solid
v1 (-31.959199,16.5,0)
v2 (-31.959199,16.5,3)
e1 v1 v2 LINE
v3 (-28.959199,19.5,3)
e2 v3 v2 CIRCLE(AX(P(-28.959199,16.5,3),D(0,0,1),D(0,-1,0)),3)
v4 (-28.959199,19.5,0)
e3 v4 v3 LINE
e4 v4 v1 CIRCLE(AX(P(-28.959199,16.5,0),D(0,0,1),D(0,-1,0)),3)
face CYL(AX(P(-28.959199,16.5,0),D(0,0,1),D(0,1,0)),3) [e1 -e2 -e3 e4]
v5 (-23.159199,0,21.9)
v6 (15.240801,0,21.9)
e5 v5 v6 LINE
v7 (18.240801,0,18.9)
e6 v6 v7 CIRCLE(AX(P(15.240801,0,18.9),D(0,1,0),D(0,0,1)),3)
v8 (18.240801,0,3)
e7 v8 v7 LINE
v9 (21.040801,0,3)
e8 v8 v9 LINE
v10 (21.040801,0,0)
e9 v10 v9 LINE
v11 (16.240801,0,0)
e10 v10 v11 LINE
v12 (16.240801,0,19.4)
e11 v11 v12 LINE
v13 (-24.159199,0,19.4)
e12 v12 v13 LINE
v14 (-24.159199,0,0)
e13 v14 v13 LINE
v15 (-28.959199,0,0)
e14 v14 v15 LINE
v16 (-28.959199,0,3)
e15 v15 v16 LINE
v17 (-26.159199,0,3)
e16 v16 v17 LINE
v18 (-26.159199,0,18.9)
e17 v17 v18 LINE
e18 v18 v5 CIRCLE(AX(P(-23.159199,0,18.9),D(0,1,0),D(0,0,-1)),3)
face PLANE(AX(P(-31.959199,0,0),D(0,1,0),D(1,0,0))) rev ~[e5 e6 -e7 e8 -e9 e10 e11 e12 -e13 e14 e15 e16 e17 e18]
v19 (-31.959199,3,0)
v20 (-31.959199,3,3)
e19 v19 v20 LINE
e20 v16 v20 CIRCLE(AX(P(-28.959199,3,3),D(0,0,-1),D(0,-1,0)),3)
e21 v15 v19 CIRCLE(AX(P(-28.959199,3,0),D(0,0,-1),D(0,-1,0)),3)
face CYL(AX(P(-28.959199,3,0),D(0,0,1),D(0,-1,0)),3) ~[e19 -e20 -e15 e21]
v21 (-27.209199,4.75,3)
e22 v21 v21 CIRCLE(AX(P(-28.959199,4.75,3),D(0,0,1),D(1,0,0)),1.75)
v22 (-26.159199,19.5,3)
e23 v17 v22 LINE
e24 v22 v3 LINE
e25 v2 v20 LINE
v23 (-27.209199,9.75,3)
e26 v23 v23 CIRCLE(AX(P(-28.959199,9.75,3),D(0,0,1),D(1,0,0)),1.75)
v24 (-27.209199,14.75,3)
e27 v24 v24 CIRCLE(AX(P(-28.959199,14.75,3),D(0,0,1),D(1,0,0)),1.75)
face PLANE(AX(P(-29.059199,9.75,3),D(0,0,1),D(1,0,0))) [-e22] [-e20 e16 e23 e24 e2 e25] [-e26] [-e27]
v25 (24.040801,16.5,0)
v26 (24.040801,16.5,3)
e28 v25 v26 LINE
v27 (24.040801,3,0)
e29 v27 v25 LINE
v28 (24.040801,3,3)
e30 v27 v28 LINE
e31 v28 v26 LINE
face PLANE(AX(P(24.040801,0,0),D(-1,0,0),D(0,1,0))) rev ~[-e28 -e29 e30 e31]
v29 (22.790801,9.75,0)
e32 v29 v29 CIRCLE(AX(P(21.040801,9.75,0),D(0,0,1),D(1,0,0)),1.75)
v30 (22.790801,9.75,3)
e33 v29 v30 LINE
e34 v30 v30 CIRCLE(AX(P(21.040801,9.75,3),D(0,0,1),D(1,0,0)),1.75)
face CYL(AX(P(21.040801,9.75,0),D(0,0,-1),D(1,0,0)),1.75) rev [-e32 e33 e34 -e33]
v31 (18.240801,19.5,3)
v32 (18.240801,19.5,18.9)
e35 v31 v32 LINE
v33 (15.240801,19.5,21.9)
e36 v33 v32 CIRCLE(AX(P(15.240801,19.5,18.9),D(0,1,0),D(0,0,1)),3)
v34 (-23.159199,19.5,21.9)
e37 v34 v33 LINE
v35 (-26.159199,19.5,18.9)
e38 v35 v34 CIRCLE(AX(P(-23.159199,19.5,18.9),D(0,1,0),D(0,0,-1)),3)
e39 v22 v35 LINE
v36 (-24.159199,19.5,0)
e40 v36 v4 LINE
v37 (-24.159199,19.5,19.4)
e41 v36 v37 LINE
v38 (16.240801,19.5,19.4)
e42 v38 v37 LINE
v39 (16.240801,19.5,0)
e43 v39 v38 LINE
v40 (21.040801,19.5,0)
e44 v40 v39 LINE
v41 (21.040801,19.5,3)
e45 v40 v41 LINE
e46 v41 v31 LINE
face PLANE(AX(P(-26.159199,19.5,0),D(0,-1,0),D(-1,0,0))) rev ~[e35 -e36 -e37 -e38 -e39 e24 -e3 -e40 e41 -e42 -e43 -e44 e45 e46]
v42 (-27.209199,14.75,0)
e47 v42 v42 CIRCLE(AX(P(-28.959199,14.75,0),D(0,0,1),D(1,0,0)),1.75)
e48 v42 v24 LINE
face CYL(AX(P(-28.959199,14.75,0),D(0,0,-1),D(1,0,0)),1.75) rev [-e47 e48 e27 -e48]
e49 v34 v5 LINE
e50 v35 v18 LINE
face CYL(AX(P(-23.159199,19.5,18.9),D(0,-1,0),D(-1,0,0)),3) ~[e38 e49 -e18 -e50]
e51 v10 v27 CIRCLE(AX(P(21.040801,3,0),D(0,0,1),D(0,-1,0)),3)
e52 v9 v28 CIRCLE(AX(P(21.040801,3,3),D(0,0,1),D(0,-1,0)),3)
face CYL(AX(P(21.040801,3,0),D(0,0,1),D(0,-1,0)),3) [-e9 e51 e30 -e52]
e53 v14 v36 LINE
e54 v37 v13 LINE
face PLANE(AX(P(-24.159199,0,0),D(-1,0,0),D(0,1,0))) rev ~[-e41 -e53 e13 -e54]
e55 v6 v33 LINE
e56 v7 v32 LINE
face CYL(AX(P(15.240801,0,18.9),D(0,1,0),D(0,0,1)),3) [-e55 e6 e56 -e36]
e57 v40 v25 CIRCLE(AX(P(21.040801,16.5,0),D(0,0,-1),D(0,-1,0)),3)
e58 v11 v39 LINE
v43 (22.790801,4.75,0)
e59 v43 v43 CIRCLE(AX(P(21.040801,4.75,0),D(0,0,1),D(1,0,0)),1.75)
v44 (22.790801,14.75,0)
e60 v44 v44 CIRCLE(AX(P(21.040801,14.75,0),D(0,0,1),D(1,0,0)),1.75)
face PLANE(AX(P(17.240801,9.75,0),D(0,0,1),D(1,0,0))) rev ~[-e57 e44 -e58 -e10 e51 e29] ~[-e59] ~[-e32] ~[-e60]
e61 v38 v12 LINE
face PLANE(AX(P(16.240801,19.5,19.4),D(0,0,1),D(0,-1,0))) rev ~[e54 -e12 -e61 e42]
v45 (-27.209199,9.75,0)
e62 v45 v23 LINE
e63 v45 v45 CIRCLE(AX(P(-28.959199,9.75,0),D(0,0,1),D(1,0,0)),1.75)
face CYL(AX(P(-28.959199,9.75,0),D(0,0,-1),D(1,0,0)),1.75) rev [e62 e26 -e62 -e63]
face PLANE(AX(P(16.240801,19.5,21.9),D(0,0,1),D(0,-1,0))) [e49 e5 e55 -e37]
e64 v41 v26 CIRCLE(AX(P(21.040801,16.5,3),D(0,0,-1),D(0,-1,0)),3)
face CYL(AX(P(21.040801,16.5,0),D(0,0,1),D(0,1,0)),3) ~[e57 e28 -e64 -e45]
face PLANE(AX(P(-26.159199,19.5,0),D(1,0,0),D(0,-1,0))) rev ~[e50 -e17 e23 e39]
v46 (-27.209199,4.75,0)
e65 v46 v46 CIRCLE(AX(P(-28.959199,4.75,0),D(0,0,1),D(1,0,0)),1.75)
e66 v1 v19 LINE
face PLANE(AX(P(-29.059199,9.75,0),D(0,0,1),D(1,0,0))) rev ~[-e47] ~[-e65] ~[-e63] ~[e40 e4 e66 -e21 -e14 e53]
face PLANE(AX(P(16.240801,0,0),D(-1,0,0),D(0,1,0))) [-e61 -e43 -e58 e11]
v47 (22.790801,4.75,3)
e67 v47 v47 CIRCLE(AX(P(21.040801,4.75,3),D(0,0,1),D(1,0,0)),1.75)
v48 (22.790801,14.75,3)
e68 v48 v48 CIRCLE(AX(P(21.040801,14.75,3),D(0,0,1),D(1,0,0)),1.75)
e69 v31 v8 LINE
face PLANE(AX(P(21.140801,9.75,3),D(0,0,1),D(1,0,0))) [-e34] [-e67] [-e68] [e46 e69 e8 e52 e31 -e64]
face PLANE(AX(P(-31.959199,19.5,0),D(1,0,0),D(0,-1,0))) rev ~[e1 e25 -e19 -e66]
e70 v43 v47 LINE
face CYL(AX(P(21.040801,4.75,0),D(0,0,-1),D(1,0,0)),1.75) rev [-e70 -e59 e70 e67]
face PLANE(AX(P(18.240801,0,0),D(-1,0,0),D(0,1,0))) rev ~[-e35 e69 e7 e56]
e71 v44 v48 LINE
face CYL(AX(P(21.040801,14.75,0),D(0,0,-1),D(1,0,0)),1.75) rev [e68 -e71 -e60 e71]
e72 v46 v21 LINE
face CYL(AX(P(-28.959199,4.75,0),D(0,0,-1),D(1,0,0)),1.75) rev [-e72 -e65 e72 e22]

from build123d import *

# Parameters (mm, degrees)
F0_W     = 2
F0_H     = 19.5
F1_DEPTH = 21.9
F2_W     = 19.5
F2_H     = 2.5
F3_DEPTH = 40.4
F0_R     = 1.75
F4_DEPTH = 3
F5_R     = 3


with BuildPart() as f1:
    # F0 (on Top) → F1 (new body)
    with BuildSketch(Plane.XY):
        Polygon((-24.159199, 0), (-24.159199, 19.5), (-26.159199, 19.5), (-26.159199, 9.75), (-26.159199, 0), align=None)
        with Locations((17.240801, 9.75)):
            Rectangle(F0_W, F0_H)
    extrude(amount=F1_DEPTH)

    # F2 (on face) → F3 (join, through all)
    with BuildSketch(Plane(origin=(16.240801, 0, 0), x_dir=(0, -1, 0), z_dir=(-1, 0, 0))):
        with Locations((-9.75, 20.65)):
            Rectangle(F2_W, F2_H)
    extrude(amount=F3_DEPTH)

    # F0 (on Top) → F4 (join)
    with BuildSketch(Plane.XY):
        Polygon((-26.159199, 9.75), (-26.159199, 19.5), (-28.959199, 19.5), (-31.959199, 19.5), (-31.959199, 0), (-28.959199, 0), (-26.159199, 0), align=None)
        with Locations((-28.959199, 4.75)):
            Circle(F0_R, mode=Mode.SUBTRACT)
        with Locations((-28.959199, 9.75)):
            Circle(F0_R, mode=Mode.SUBTRACT)
        with Locations((-28.959199, 14.75)):
            Circle(F0_R, mode=Mode.SUBTRACT)
        Polygon((21.040801, 19.5), (18.240801, 19.5), (18.240801, 0), (21.040801, 0), (24.040801, 0), (24.040801, 19.5), align=None)
        with Locations((21.040801, 4.75)):
            Circle(F0_R, mode=Mode.SUBTRACT)
        with Locations((21.040801, 9.75)):
            Circle(F0_R, mode=Mode.SUBTRACT)
        with Locations((21.040801, 14.75)):
            Circle(F0_R, mode=Mode.SUBTRACT)
    extrude(amount=F4_DEPTH)

    # F5
    f5_edges = [f1.edges().sort_by_distance(p)[0] for p in [
        (18.240801, 9.75, 21.9),
        (-26.159199, 9.75, 21.9),
        (24.040801, 0, 1.5),
        (24.040801, 19.5, 1.5),
        (-31.959199, 19.5, 1.5),
        (-31.959199, 0, 1.5),
    ]]
    fillet(f5_edges, radius=F5_R)


solid = f1.part
